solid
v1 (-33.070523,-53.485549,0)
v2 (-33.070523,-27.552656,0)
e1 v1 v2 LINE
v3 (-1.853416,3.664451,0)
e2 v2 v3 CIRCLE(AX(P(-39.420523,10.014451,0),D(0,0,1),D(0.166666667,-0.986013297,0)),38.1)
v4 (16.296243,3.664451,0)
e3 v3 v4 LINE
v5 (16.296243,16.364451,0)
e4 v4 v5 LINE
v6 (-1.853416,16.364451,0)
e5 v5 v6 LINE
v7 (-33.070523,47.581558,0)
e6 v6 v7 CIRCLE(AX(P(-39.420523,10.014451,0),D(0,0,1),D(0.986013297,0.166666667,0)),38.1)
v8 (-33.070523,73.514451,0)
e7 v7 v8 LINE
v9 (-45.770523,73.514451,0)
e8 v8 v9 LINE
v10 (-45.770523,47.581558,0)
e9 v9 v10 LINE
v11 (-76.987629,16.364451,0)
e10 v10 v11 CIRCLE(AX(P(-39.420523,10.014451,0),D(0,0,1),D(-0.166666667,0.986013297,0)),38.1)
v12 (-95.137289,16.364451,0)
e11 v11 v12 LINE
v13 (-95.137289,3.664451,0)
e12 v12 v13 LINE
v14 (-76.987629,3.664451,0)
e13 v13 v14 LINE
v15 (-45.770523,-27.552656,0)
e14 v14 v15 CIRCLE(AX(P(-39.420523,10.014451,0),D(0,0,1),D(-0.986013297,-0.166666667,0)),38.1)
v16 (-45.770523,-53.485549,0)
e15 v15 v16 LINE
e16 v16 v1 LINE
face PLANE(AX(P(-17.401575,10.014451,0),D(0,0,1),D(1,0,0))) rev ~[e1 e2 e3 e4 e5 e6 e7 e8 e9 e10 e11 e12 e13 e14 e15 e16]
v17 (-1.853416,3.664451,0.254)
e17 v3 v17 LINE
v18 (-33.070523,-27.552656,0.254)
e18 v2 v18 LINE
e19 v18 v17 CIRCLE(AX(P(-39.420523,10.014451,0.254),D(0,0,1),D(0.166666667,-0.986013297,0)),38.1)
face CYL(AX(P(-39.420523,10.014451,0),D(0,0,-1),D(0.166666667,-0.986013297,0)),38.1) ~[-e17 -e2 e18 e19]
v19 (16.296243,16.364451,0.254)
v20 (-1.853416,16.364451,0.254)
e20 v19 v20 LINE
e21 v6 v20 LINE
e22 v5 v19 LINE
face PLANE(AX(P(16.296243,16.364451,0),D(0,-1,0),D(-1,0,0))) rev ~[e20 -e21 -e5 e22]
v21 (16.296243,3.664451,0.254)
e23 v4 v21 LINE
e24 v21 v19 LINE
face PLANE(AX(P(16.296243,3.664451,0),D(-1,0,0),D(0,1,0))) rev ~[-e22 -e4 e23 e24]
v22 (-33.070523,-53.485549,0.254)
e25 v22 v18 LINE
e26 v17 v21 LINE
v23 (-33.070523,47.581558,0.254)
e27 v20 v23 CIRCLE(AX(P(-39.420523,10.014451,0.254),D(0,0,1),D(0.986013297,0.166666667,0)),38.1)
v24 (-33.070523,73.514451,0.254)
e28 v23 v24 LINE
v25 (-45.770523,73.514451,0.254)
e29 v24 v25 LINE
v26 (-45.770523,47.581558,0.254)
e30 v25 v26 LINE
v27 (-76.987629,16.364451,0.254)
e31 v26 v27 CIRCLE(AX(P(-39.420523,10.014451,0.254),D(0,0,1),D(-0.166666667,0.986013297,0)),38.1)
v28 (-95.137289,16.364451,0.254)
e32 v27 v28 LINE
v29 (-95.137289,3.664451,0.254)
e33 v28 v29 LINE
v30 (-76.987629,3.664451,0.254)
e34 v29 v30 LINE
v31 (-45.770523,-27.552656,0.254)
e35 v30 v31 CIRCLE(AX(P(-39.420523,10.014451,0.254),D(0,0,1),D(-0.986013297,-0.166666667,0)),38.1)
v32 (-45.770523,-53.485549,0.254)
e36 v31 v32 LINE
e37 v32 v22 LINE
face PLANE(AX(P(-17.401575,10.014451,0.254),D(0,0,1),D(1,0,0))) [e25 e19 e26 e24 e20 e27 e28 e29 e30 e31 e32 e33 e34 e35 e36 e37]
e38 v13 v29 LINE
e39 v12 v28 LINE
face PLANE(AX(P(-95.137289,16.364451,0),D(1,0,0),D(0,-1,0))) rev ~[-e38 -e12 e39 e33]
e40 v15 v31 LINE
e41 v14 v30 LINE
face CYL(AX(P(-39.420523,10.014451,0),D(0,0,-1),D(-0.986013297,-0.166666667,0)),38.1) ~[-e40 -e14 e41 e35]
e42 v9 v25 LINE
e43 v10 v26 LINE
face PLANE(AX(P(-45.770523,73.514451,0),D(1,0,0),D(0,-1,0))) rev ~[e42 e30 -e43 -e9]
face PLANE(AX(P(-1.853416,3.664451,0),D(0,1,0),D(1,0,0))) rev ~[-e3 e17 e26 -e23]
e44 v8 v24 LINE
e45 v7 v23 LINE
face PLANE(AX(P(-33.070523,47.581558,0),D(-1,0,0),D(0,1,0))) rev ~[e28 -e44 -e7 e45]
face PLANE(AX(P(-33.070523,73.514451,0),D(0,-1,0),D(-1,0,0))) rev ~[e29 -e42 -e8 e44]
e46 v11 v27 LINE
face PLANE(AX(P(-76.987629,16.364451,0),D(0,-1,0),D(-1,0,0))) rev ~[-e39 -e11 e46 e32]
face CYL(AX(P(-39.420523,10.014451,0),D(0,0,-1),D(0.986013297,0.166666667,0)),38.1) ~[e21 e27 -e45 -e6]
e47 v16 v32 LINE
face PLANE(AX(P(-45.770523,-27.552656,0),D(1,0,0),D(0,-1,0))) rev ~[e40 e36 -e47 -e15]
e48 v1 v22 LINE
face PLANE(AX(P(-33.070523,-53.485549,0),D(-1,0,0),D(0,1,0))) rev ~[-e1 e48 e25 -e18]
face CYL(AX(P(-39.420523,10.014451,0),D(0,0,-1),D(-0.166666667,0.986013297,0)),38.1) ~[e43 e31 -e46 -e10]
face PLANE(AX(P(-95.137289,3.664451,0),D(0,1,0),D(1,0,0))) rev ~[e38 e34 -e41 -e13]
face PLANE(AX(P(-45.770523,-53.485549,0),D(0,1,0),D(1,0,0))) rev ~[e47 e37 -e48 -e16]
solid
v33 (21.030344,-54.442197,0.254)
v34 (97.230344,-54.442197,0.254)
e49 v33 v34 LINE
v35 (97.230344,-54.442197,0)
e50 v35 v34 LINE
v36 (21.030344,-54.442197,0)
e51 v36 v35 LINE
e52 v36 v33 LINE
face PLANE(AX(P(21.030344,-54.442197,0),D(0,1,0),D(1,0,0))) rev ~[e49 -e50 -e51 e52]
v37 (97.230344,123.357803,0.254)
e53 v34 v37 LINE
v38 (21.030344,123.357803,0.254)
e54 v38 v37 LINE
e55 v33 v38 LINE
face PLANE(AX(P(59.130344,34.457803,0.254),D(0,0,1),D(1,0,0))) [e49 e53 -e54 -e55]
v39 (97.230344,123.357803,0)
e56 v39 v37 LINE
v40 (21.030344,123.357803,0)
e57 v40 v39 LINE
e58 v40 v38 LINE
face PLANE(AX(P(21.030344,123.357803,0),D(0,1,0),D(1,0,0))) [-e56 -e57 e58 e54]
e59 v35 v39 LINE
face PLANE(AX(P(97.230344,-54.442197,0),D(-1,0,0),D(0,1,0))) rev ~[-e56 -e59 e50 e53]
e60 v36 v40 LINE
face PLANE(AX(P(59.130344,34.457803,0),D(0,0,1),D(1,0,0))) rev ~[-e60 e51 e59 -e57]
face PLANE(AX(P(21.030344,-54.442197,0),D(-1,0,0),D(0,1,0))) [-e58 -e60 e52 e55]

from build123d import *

# Parameters (mm, degrees)
F0_W     = 12.7
F0_H     = 12.7
F1_DEPTH = 0.254
F0_W_2   = 76.2
F0_H_2   = 177.8


with BuildPart() as f1:
    # F0 (on Top) → F1 (new body)
    with BuildSketch(Plane.XY):
        with BuildLine():
            ThreePointArc((-1.8534161267, 3.6644511089), (-1.4539798312, 6.8282905922), (-1.3205227494, 10.0144511089))
            ThreePointArc((-1.3205227494, 10.0144511089), (-1.4539798312, 13.2006116255), (-1.8534161267, 16.3644511089))
            Line((-1.8534161267, 16.3644511089), (-33.0705227494, 16.3644511089))
            Line((-33.0705227494, 16.3644511089), (-33.0705227494, 3.6644511089))
            Line((-33.0705227494, 3.6644511089), (-1.8534161267, 3.6644511089))
        make_face()
        with BuildLine():
            ThreePointArc((-1.8534161267, 16.3644511089), (-1.4539798312, 13.2006116255), (-1.3205227494, 10.0144511089))
            ThreePointArc((-1.3205227494, 10.0144511089), (-1.4539798312, 6.8282905922), (-1.8534161267, 3.6644511089))
            Line((-1.8534161267, 3.6644511089), (16.2962432951, 3.6644511089))
            Line((16.2962432951, 3.6644511089), (16.2962432951, 16.3644511089))
            Line((16.2962432951, 16.3644511089), (-1.8534161267, 16.3644511089))
        make_face()
        with BuildLine():
            Line((-33.0705227494, 16.3644511089), (-1.8534161267, 16.3644511089))
            ThreePointArc((-1.8534161267, 16.3644511089), (-12.4797543862, 36.9552194721), (-33.0705227494, 47.5815577316))
            Line((-33.0705227494, 47.5815577316), (-33.0705227494, 16.3644511089))
        make_face()
        with BuildLine():
            ThreePointArc((-33.0705227494, -27.5526555138), (-12.4797543862, -16.9263172543), (-1.8534161267, 3.6644511089))
            Line((-1.8534161267, 3.6644511089), (-33.0705227494, 3.6644511089))
            Line((-33.0705227494, 3.6644511089), (-33.0705227494, -27.5526555138))
        make_face()
        with BuildLine():
            Line((-33.0705227494, 16.3644511089), (-33.0705227494, 47.5815577316))
            ThreePointArc((-33.0705227494, 47.5815577316), (-39.4205227494, 48.1144511089), (-45.7705227494, 47.5815577316))
            Line((-45.7705227494, 47.5815577316), (-45.7705227494, 16.3644511089))
            Line((-45.7705227494, 16.3644511089), (-33.0705227494, 16.3644511089))
        make_face()
        with BuildLine():
            ThreePointArc((-45.7705227494, 47.5815577316), (-39.4205227494, 48.1144511089), (-33.0705227494, 47.5815577316))
            Line((-33.0705227494, 47.5815577316), (-33.0705227494, 73.5144511089))
            Line((-33.0705227494, 73.5144511089), (-45.7705227494, 73.5144511089))
            Line((-45.7705227494, 73.5144511089), (-45.7705227494, 47.5815577316))
        make_face()
        with BuildLine():
            Line((-33.0705227494, -53.4855488911), (-33.0705227494, -27.5526555138))
            ThreePointArc((-33.0705227494, -27.5526555138), (-39.4205227494, -28.0855488911), (-45.7705227494, -27.5526555138))
            Line((-45.7705227494, -27.5526555138), (-45.7705227494, -53.4855488911))
            Line((-45.7705227494, -53.4855488911), (-33.0705227494, -53.4855488911))
        make_face()
        with BuildLine():
            ThreePointArc((-45.7705227494, -27.5526555138), (-39.4205227494, -28.0855488911), (-33.0705227494, -27.5526555138))
            Line((-33.0705227494, -27.5526555138), (-33.0705227494, 3.6644511089))
            Line((-33.0705227494, 3.6644511089), (-45.7705227494, 3.6644511089))
            Line((-45.7705227494, 3.6644511089), (-45.7705227494, -27.5526555138))
        make_face()
        with BuildLine():
            Line((-45.7705227494, 16.3644511089), (-45.7705227494, 47.5815577316))
            ThreePointArc((-45.7705227494, 47.5815577316), (-66.3612911126, 36.9552194721), (-76.9876293721, 16.3644511089))
            Line((-76.9876293721, 16.3644511089), (-45.7705227494, 16.3644511089))
        make_face()
        with BuildLine():
            Line((-45.7705227494, 3.6644511089), (-45.7705227494, 16.3644511089))
            Line((-45.7705227494, 16.3644511089), (-76.9876293721, 16.3644511089))
            ThreePointArc((-76.9876293721, 16.3644511089), (-77.5205227494, 10.0144511089), (-76.9876293721, 3.6644511089))
            Line((-76.9876293721, 3.6644511089), (-45.7705227494, 3.6644511089))
        make_face()
        with BuildLine():
            ThreePointArc((-76.9876293721, 3.6644511089), (-66.3612911126, -16.9263172543), (-45.7705227494, -27.5526555138))
            Line((-45.7705227494, -27.5526555138), (-45.7705227494, 3.6644511089))
            Line((-45.7705227494, 3.6644511089), (-76.9876293721, 3.6644511089))
        make_face()
        with BuildLine():
            ThreePointArc((-76.9876293721, 3.6644511089), (-77.5205227494, 10.0144511089), (-76.9876293721, 16.3644511089))
            Line((-76.9876293721, 16.3644511089), (-95.1372887939, 16.3644511089))
            Line((-95.1372887939, 16.3644511089), (-95.1372887939, 3.6644511089))
            Line((-95.1372887939, 3.6644511089), (-76.9876293721, 3.6644511089))
        make_face()
        with Locations((-39.4205227494, 10.0144511089)):
            Rectangle(F0_W, F0_H)
    extrude(amount=F1_DEPTH)


with BuildPart() as f1b:
    # F0 (on Top) → F1, piece 2 (new body)
    with BuildSketch(Plane.XY):
        with Locations((59.130344069, 34.4578029156)):
            Rectangle(F0_W_2, F0_H_2)
    extrude(amount=F1_DEPTH)


solid = Compound([f1.part, f1b.part])
